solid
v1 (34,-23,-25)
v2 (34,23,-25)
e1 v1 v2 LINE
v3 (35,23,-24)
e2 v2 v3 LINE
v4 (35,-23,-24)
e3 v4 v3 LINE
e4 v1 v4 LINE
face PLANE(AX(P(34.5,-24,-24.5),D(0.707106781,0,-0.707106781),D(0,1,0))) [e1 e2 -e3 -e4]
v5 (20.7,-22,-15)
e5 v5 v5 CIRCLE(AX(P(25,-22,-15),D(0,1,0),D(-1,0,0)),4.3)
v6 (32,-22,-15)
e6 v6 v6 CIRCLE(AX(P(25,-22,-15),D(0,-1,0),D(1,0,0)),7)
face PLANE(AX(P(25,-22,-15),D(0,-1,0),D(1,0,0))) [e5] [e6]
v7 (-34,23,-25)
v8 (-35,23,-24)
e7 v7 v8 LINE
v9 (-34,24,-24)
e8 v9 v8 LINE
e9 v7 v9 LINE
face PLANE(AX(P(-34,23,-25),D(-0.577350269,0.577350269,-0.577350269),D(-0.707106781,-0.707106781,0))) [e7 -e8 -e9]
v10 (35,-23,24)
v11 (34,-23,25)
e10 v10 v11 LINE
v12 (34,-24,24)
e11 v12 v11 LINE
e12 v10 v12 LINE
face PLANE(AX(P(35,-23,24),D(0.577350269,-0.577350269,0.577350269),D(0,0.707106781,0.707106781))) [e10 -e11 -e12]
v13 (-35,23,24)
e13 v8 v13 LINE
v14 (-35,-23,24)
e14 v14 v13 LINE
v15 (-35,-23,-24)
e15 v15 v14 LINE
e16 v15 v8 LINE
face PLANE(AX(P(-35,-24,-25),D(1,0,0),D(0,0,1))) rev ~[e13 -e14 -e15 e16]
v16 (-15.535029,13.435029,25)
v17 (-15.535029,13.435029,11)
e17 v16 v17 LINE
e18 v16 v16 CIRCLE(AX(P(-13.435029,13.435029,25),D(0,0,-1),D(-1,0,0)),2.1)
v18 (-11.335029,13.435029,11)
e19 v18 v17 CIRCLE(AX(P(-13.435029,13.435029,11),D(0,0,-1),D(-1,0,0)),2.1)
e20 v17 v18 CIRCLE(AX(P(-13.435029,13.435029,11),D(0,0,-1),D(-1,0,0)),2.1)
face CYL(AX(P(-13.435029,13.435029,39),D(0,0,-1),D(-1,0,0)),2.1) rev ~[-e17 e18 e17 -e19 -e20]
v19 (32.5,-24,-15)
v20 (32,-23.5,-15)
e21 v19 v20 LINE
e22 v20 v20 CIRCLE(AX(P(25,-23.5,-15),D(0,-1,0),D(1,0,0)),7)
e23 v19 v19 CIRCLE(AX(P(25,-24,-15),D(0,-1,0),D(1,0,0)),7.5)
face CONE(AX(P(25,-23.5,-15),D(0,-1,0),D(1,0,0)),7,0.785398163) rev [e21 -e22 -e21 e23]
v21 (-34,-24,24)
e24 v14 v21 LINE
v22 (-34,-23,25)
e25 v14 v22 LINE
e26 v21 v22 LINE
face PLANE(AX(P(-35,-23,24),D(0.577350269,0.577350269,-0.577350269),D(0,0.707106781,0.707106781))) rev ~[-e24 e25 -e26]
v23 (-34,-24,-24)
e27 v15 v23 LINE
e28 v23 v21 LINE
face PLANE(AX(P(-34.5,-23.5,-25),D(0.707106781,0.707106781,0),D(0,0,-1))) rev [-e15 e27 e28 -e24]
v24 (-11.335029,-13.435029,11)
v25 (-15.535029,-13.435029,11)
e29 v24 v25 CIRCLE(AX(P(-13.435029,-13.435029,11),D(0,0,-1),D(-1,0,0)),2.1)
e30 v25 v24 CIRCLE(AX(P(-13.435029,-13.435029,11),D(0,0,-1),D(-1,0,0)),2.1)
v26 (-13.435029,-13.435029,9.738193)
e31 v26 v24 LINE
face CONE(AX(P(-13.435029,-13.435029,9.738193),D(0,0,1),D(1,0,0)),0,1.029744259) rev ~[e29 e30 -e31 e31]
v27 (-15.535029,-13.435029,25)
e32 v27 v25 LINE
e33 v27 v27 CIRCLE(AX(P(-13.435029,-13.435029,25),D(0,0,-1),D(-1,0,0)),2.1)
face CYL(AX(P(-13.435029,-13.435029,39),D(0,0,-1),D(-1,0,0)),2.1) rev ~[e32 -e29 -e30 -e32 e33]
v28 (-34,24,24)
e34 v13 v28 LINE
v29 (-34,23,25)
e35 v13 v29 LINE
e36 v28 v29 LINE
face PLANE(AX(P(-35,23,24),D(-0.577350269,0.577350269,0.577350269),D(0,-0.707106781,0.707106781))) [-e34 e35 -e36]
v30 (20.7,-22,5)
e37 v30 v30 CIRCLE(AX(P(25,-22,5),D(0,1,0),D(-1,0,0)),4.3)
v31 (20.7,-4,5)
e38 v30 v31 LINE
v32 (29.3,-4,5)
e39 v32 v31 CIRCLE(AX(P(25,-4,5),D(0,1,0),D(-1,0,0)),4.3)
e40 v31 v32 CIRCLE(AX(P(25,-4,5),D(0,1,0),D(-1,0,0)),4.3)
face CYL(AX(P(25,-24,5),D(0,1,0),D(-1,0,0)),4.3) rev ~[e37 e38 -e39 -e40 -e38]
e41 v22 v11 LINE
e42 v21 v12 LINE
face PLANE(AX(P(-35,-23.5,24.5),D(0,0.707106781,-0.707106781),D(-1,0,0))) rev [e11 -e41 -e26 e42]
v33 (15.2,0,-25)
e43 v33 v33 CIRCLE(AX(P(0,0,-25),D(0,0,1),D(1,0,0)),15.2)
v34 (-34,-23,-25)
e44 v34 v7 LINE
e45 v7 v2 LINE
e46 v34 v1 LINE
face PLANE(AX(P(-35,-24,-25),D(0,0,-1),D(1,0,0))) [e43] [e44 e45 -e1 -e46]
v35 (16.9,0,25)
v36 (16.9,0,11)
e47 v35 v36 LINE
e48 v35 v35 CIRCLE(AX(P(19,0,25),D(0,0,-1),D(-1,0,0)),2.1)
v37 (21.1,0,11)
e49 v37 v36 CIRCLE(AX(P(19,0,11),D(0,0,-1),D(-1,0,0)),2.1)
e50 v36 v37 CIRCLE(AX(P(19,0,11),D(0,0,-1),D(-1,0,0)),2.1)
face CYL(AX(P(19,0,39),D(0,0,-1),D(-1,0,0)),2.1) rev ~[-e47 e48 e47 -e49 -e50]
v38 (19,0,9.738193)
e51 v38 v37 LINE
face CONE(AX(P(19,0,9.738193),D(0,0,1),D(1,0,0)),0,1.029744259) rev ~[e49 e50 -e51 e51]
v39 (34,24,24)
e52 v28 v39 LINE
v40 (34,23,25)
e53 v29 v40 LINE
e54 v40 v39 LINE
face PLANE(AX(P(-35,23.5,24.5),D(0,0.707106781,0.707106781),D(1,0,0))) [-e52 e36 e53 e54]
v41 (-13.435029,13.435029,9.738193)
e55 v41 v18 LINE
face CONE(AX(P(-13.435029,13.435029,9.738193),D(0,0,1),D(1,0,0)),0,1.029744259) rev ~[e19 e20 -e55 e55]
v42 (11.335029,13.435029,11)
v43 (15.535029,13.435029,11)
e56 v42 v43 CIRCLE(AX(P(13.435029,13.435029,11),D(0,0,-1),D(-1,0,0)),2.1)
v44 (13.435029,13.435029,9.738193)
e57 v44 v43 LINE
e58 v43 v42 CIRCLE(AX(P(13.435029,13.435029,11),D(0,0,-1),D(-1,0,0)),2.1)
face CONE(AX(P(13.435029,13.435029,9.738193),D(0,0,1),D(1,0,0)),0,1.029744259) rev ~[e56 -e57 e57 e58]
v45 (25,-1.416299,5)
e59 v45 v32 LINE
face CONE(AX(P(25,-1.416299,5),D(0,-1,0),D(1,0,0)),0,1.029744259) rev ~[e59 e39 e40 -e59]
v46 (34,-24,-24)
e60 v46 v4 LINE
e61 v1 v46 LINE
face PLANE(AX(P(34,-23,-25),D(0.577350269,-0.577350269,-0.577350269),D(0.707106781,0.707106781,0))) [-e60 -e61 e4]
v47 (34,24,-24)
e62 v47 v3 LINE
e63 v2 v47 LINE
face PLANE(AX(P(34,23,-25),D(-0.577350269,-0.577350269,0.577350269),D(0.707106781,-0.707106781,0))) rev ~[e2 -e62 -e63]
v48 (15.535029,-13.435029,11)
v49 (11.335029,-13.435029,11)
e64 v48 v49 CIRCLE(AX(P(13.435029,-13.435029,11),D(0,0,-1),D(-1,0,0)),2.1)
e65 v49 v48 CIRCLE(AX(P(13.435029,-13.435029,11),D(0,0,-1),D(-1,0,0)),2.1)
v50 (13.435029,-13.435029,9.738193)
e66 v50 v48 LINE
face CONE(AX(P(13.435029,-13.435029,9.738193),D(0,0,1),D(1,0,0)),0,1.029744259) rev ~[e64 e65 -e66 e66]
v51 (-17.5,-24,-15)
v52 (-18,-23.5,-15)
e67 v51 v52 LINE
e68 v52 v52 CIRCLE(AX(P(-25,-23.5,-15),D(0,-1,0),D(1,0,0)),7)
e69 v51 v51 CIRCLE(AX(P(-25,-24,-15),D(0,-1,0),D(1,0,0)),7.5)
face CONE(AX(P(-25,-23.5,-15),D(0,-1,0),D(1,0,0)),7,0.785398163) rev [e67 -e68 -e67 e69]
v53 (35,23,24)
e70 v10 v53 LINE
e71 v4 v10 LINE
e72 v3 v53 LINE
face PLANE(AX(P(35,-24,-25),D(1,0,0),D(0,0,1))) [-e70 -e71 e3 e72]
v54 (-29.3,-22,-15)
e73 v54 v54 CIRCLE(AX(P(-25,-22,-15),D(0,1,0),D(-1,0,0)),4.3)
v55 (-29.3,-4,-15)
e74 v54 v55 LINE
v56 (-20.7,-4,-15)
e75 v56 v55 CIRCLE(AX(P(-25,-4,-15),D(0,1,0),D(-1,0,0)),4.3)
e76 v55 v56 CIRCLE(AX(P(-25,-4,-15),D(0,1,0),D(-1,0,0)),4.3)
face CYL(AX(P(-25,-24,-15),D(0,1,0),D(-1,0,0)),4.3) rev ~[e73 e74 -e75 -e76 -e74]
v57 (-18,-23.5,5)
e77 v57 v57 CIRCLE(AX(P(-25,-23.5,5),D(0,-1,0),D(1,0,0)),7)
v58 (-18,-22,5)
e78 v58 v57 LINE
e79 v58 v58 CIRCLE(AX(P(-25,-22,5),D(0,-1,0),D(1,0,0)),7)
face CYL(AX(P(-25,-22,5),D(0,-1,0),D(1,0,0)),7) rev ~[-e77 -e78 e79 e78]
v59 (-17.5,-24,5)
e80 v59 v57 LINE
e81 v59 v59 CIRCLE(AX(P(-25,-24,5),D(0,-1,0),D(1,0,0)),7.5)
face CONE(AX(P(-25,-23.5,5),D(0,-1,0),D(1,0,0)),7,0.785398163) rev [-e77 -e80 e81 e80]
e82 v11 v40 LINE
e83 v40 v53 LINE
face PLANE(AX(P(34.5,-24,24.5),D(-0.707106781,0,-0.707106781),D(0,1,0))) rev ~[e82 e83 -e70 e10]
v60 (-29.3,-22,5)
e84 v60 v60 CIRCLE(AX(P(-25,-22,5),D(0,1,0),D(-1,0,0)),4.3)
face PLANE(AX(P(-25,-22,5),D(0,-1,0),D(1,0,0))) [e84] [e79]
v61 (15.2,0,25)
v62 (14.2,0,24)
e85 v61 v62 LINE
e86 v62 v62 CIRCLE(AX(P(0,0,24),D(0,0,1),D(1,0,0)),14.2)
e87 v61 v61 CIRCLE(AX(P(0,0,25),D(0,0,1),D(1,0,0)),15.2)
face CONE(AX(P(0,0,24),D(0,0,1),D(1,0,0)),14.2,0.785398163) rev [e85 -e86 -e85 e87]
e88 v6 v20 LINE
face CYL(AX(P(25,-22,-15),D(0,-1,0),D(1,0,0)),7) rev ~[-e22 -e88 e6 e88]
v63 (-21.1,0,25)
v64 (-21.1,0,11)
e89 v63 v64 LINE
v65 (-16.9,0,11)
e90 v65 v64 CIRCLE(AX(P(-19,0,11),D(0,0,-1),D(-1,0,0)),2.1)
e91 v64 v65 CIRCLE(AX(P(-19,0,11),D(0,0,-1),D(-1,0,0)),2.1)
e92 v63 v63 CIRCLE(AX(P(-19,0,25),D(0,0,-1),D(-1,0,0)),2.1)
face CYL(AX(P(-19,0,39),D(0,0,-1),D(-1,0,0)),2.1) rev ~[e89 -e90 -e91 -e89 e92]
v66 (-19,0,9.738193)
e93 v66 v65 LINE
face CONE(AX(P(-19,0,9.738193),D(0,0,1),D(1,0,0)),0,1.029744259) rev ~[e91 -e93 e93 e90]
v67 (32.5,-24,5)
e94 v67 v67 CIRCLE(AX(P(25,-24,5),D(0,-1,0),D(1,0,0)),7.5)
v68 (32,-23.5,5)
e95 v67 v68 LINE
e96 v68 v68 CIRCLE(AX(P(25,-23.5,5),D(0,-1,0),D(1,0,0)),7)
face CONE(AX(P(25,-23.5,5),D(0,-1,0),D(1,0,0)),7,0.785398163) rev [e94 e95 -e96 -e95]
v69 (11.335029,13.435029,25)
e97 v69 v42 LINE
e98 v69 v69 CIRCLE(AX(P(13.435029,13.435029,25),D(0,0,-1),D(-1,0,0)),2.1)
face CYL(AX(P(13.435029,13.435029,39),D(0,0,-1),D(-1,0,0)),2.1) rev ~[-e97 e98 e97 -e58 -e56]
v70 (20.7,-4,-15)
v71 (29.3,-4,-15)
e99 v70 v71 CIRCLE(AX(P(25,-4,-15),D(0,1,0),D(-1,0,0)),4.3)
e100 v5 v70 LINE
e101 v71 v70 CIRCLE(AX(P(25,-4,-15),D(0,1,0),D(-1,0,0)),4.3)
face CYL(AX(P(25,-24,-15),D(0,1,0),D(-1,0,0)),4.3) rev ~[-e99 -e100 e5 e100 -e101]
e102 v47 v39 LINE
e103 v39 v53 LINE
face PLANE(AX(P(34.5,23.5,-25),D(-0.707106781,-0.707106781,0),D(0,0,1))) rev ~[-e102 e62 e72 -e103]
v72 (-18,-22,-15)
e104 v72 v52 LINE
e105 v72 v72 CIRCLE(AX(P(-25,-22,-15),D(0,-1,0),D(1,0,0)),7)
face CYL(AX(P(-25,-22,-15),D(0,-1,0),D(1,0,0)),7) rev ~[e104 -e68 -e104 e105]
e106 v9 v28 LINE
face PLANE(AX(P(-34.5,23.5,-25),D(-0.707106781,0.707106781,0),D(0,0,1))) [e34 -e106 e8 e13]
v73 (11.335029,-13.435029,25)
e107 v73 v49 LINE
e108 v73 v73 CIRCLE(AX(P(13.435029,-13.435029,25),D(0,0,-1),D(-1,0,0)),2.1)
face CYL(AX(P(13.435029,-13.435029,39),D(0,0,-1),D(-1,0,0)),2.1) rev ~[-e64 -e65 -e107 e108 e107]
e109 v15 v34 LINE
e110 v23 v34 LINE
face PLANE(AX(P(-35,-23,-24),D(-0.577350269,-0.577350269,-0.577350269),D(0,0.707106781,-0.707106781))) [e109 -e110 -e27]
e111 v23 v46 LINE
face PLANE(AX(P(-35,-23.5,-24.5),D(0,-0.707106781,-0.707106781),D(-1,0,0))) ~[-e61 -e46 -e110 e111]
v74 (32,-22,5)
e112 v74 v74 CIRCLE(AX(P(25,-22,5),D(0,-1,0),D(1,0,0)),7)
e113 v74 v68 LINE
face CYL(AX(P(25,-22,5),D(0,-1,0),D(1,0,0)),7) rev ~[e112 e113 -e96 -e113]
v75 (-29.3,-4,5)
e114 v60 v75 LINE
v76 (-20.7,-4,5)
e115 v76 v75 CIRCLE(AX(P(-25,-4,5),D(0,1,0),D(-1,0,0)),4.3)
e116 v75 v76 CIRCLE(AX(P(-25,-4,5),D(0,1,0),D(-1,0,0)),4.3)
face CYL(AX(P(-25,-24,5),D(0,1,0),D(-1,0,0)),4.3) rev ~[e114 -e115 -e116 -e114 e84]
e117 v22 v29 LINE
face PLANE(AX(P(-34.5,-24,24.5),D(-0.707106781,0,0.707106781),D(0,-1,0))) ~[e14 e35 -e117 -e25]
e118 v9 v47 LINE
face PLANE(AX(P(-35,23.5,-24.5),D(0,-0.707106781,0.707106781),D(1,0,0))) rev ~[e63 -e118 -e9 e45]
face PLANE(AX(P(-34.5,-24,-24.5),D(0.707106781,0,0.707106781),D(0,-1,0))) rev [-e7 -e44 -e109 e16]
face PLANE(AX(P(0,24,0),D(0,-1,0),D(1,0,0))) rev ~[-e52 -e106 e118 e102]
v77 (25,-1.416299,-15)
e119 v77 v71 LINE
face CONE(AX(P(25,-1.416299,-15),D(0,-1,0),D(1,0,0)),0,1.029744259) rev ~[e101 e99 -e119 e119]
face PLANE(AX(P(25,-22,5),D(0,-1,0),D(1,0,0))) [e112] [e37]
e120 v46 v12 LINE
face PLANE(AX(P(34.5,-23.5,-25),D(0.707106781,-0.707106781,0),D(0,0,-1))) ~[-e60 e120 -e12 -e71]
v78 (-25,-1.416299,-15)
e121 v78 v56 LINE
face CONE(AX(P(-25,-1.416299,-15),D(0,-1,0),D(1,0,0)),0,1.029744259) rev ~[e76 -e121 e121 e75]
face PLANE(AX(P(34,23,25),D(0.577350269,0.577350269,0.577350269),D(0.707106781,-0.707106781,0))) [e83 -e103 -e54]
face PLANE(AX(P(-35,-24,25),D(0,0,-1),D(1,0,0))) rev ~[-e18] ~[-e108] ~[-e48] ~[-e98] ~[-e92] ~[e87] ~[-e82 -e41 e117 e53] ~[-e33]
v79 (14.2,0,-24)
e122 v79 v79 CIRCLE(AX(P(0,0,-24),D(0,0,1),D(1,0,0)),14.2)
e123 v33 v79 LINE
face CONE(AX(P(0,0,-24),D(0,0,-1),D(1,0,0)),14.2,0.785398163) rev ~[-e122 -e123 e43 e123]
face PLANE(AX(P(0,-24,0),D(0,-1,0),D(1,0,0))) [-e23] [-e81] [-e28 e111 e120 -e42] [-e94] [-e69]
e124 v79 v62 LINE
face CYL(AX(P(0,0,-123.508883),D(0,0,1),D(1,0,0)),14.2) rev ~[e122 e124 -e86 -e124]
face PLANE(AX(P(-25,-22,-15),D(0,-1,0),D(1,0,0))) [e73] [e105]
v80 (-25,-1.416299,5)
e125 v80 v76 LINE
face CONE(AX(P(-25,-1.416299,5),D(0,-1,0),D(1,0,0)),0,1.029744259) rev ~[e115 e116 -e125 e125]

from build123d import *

# Parameters (mm, degrees)
ESQUISSE1_W                                        = 70
ESQUISSE1_H                                        = 50
BOSS_EXTRU_1_DEPTH                                 = 48
D_GAGEMENT_M251_D                                  = 28.4
DIAM_TRE_DU_PER_AGE_4_2_4_2_1_D                    = 4.2
DIAM_TRE_DU_PER_AGE_4_2_4_2_1_DEPTH                = 14
DIAM_TRE_DU_PER_AGE_4_2_4_2_1_TIP                  = 1.2618073
CHAMBRAGE_POUR_VIS_T_TE_HEXAGONALE_M81_D           = 8.6
CHAMBRAGE_POUR_VIS_T_TE_HEXAGONALE_M81_DEPTH       = 20
CHAMBRAGE_POUR_VIS_T_TE_HEXAGONALE_M81_CBORE_D     = 14
CHAMBRAGE_POUR_VIS_T_TE_HEXAGONALE_M81_CBORE_DEPTH = 2
CHAMBRAGE_POUR_VIS_T_TE_HEXAGONALE_M81_TIP         = 2.583700662
CHANFREIN1_SIZE                                    = 0.5
CHANFREIN2_SIZE                                    = 1


with BuildPart() as part:
    # Esquisse1 → Boss.-Extru.1 (new body)
    with BuildSketch(Plane.XZ.offset(24)):
        Rectangle(ESQUISSE1_W, ESQUISSE1_H)
    extrude(amount=-BOSS_EXTRU_1_DEPTH)

    # Dégagement M251 (through all)
    with Locations(Plane(origin=(0, 0, -25), x_dir=(-1, 0, 0), z_dir=(0, 0, -1))):
        with Locations((0, 0)):
            Hole(D_GAGEMENT_M251_D / 2)

    # Diamètre du perçage Ø4.2 (4.2)1
    with Locations(Plane.XY.offset(25)):
        with Locations((13.435028843, -13.435028843), (13.435028843, 13.435028843), (19, 0), (-13.435028843, 13.435028843), (-13.435028843, -13.435028843), (-19, 0)):
            Hole(DIAM_TRE_DU_PER_AGE_4_2_4_2_1_D / 2, depth=DIAM_TRE_DU_PER_AGE_4_2_4_2_1_DEPTH)
            with Locations((0, 0, -(DIAM_TRE_DU_PER_AGE_4_2_4_2_1_DEPTH + DIAM_TRE_DU_PER_AGE_4_2_4_2_1_TIP / 2))):  # 118° drill point
                Cone(0, DIAM_TRE_DU_PER_AGE_4_2_4_2_1_D / 2, DIAM_TRE_DU_PER_AGE_4_2_4_2_1_TIP, mode=Mode.SUBTRACT)

    # Chambrage pour vis à tête hexagonale M81
    with Locations(Plane.XZ.offset(24)):
        with Locations((25, 5), (25, -15), (-25, 5), (-25, -15)):
            CounterBoreHole(CHAMBRAGE_POUR_VIS_T_TE_HEXAGONALE_M81_D / 2, CHAMBRAGE_POUR_VIS_T_TE_HEXAGONALE_M81_CBORE_D / 2, CHAMBRAGE_POUR_VIS_T_TE_HEXAGONALE_M81_CBORE_DEPTH, depth=CHAMBRAGE_POUR_VIS_T_TE_HEXAGONALE_M81_DEPTH)
            with Locations((0, 0, -(CHAMBRAGE_POUR_VIS_T_TE_HEXAGONALE_M81_DEPTH + CHAMBRAGE_POUR_VIS_T_TE_HEXAGONALE_M81_TIP / 2))):  # 118° drill point
                Cone(0, CHAMBRAGE_POUR_VIS_T_TE_HEXAGONALE_M81_D / 2, CHAMBRAGE_POUR_VIS_T_TE_HEXAGONALE_M81_TIP, mode=Mode.SUBTRACT)

    # Chanfrein1
    chanfrein1_edges = [part.edges().sort_by_distance(p)[0] for p in [
        (-32, -24, -15),
        (-32, -24, 5),
        (18, -24, -15),
        (18, -24, 5),
    ]]
    chamfer(chanfrein1_edges, length=CHANFREIN1_SIZE)

    # Chanfrein2
    chanfrein2_edges = [part.edges().sort_by_distance(p)[0] for p in [
        (35, 24, 0),
        (0, 24, 25),
        (-14.2, 0, -25),
        (-14.2, 0, 25),
        (-35, 24, 0),
        (0, -24, 25),
        (35, -24, 0),
        (0, -24, -25),
        (-35, -24, 0),
        (0, 24, -25),
        (-35, 0, 25),
        (35, 0, 25),
        (35, 0, -25),
        (-35, 0, -25),
    ]]
    chamfer(chanfrein2_edges, length=CHANFREIN2_SIZE)


solid = part.part
